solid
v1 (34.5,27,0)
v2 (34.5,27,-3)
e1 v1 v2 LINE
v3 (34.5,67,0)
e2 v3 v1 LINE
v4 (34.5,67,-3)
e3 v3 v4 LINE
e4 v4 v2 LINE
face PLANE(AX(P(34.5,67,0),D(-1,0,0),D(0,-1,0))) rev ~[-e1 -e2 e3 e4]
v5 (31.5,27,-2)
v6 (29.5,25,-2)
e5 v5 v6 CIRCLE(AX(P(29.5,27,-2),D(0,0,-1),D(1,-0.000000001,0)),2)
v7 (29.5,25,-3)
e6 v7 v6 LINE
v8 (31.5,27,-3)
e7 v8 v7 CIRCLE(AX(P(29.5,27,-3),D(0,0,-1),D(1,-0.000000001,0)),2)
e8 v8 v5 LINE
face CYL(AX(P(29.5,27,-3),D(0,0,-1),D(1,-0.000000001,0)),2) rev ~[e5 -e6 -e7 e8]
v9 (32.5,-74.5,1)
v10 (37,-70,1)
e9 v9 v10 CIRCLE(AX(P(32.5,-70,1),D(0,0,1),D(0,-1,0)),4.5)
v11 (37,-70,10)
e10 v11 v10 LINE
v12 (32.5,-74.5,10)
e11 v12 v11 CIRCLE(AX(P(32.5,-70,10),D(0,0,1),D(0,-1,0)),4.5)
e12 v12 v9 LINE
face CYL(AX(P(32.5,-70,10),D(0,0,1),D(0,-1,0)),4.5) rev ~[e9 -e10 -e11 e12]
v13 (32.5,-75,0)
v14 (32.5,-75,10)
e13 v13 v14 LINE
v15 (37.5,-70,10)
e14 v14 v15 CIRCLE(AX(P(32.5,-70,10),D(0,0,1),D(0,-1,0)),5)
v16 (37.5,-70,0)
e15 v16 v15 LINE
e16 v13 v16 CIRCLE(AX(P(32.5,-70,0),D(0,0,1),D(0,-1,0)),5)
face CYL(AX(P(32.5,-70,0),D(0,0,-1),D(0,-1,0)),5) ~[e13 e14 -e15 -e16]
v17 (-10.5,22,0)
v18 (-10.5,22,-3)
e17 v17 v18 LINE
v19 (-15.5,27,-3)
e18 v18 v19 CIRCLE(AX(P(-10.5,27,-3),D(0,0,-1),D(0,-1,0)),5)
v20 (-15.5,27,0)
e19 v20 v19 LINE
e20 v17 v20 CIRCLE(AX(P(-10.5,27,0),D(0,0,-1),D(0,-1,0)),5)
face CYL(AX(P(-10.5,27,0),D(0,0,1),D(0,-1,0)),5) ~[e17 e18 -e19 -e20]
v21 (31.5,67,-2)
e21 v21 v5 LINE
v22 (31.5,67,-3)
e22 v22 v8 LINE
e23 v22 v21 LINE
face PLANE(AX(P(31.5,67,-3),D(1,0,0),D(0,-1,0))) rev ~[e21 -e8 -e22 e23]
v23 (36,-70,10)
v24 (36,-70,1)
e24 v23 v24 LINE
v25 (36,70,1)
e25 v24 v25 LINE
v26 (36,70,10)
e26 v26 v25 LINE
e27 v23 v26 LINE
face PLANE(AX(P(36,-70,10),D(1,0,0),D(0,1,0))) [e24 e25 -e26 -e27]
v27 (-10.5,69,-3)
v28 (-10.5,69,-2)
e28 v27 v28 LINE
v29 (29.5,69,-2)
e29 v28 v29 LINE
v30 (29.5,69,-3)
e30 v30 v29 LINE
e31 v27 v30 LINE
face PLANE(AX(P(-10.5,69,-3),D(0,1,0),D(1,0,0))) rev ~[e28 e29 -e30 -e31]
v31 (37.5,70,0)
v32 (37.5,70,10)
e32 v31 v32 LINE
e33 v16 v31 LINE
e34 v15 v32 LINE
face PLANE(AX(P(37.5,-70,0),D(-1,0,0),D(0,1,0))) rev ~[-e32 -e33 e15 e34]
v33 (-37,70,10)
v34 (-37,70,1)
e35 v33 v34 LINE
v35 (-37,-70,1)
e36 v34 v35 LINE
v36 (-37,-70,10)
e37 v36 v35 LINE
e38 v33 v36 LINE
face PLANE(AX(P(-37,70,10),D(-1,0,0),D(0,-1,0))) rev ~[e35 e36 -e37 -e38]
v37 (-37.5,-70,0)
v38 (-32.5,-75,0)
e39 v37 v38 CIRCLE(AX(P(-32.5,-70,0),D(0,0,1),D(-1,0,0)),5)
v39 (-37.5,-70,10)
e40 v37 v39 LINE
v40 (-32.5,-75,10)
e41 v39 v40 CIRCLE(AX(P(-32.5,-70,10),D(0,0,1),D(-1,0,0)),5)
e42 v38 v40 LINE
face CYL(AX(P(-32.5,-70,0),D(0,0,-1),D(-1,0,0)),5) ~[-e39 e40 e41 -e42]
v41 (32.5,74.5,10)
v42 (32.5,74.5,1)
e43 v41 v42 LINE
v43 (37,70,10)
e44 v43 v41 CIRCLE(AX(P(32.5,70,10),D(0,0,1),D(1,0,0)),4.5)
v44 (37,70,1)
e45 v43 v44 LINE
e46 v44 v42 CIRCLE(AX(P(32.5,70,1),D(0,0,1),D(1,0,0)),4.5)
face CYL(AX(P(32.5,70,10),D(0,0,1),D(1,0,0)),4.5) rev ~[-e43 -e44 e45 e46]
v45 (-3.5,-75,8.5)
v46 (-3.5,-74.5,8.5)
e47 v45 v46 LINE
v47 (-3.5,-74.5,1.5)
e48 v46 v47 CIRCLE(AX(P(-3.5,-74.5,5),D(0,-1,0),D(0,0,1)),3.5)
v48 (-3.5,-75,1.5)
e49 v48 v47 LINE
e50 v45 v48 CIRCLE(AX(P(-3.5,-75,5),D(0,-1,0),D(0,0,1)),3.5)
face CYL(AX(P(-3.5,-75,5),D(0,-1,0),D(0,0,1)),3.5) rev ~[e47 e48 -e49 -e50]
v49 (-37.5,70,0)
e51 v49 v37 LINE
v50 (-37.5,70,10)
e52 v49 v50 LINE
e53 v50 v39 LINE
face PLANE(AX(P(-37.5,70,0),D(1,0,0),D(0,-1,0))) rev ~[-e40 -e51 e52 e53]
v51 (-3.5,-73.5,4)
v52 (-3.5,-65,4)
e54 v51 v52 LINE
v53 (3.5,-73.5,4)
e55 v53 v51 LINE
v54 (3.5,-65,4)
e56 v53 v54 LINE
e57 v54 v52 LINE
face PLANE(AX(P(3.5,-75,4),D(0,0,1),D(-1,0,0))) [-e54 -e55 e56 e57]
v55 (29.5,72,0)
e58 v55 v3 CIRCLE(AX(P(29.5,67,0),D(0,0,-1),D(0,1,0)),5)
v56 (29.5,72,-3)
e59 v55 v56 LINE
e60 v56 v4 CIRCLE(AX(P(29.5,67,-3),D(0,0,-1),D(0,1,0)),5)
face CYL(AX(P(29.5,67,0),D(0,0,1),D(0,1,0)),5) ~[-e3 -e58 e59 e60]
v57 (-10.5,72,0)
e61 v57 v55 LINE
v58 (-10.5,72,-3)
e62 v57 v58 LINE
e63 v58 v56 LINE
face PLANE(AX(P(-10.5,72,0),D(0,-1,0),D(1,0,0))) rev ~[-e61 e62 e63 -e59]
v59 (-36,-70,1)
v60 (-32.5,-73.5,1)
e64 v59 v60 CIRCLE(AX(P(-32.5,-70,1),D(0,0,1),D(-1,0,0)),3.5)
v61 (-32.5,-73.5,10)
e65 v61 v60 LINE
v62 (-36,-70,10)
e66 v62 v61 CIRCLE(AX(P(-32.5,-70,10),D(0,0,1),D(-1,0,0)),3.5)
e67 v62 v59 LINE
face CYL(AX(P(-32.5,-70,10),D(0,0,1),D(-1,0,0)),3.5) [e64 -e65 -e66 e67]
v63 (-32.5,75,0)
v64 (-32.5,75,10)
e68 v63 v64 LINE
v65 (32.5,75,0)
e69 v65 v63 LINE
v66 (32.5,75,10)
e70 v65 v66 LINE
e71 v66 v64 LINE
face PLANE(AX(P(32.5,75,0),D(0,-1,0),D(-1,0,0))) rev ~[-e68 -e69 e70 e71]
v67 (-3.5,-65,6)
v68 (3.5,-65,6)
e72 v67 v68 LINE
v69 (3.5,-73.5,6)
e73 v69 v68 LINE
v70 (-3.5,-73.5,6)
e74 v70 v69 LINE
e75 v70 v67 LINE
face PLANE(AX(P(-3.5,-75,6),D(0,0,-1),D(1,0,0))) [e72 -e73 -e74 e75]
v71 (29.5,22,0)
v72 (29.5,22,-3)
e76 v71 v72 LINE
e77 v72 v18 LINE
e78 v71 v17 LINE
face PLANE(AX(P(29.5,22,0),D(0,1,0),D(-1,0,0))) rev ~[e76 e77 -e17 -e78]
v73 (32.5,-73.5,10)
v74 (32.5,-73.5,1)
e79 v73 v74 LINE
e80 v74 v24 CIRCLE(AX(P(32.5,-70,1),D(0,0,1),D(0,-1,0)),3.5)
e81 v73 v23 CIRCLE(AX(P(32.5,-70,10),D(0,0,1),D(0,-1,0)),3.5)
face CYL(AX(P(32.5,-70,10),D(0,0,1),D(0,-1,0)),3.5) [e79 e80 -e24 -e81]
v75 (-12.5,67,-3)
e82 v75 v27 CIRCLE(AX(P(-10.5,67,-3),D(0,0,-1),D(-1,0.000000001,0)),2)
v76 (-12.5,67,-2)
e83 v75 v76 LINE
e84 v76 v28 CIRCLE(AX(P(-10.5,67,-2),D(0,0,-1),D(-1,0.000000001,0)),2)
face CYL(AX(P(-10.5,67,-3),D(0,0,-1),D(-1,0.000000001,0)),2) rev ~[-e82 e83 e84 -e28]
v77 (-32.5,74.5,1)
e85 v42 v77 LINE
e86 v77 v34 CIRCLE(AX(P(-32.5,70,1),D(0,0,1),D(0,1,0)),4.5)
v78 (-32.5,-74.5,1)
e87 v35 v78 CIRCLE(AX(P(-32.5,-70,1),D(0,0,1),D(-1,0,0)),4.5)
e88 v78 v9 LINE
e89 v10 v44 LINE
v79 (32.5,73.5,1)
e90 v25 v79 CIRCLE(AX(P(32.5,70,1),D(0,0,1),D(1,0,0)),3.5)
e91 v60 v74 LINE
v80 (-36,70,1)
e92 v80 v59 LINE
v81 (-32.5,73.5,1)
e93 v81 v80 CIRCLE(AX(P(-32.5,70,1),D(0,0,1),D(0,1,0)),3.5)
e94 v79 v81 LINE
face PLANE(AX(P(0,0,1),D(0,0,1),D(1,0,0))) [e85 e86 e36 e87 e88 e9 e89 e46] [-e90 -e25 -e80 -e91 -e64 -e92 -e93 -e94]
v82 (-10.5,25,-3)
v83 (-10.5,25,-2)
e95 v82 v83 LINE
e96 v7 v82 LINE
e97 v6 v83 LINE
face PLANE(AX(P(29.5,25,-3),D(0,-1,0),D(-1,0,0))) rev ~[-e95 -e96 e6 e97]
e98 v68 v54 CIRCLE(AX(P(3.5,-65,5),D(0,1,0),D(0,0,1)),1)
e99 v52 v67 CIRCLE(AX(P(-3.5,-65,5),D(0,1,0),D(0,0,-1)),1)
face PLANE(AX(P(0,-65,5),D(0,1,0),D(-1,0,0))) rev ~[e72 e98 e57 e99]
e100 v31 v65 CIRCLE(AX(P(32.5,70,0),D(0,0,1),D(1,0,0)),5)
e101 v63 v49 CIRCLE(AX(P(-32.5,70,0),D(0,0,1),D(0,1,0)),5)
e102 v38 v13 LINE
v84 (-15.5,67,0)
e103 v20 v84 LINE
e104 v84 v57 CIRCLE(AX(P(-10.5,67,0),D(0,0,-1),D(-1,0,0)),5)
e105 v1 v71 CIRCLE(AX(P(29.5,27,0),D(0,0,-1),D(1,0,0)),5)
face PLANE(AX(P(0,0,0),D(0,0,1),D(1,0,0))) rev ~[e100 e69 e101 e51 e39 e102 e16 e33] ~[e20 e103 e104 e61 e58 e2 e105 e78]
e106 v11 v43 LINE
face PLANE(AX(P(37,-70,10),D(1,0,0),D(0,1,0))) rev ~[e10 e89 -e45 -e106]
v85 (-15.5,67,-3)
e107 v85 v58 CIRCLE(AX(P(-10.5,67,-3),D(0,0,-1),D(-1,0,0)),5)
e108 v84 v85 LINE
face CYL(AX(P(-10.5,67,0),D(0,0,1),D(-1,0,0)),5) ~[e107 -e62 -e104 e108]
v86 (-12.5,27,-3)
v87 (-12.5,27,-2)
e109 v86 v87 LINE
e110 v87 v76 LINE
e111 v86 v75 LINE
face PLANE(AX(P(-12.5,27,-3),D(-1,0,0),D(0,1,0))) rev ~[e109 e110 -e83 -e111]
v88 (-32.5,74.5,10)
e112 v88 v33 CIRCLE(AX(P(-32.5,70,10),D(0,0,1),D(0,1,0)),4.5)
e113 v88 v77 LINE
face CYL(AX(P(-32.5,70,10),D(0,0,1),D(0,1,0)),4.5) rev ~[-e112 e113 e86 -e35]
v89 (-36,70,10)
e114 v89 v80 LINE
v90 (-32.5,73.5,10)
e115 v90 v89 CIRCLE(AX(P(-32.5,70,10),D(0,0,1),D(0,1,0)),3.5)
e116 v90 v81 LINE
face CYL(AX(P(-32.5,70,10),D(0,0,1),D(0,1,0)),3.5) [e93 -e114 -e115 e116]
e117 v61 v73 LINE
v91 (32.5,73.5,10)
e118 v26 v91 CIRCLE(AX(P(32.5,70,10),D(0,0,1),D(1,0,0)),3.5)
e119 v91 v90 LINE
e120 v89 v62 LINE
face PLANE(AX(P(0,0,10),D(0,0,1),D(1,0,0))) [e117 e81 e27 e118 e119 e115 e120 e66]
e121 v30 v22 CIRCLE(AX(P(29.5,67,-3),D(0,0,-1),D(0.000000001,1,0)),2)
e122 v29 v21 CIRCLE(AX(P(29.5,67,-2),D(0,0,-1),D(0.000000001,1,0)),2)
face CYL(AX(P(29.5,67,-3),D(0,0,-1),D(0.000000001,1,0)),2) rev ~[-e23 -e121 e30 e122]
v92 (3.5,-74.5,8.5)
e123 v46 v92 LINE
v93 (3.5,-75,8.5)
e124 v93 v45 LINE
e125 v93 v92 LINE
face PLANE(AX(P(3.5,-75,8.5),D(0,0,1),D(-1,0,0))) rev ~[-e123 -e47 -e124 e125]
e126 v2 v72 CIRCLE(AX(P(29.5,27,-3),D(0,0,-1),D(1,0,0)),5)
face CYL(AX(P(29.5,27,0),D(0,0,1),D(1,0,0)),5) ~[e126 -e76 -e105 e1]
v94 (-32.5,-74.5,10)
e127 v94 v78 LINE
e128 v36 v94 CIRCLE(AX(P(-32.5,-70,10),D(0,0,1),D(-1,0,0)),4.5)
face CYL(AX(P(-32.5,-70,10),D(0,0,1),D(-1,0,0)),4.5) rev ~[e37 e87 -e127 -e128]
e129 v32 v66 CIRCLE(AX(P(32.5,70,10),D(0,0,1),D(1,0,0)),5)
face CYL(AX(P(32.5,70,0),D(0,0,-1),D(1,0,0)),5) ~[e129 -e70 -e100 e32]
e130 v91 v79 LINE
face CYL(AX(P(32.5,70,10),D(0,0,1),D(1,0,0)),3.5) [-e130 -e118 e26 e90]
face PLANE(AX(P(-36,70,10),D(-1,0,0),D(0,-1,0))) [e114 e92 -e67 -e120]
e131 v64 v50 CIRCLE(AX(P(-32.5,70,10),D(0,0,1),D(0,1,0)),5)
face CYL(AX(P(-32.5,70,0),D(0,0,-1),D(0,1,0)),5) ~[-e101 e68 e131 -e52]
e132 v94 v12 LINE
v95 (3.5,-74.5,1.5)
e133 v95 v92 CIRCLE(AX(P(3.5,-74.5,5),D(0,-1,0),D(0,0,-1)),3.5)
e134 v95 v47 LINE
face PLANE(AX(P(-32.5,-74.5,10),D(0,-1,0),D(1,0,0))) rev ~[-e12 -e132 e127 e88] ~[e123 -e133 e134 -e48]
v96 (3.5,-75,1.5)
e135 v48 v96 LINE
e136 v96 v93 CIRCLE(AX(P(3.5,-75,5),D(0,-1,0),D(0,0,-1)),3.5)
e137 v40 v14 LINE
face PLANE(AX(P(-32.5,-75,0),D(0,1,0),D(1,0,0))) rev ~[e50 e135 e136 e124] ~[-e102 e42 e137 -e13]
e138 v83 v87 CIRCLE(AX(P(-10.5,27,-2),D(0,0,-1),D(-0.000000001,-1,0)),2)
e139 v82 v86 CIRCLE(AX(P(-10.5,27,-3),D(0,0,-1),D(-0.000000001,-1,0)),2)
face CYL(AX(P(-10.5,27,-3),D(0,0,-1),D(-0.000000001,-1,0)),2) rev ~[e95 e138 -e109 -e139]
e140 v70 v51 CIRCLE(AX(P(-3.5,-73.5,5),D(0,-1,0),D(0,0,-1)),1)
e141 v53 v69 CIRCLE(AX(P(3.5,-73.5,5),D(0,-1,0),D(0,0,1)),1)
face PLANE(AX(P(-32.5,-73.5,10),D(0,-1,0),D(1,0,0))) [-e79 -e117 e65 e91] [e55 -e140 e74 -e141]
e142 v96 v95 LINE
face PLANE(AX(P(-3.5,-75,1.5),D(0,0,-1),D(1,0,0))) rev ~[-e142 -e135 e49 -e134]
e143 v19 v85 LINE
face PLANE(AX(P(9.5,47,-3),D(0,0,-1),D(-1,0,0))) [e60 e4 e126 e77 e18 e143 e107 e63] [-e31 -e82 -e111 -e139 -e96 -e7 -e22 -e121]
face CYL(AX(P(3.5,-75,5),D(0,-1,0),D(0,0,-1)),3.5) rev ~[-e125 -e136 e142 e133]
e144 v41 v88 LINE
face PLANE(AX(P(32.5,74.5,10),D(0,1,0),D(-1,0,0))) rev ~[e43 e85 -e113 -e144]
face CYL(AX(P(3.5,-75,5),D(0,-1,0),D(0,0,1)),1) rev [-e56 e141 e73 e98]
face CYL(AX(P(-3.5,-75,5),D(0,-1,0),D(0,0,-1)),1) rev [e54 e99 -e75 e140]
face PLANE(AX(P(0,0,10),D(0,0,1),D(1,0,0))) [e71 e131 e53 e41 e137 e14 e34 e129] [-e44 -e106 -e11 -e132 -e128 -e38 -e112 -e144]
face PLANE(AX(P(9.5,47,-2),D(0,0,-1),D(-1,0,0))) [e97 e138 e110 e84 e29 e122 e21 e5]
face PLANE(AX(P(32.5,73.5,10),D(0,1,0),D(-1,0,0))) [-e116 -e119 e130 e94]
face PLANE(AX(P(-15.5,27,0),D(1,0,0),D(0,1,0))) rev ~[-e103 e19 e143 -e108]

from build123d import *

# Parameters (mm, degrees)
EXTRUDE_1_DEPTH       = 10
EXTRUDE_2_DEPTH       = 3
CUT_EXTRUDE_1_DEPTH   = 1
CUT_EXTRUDE_1_2_DEPTH = 9
CUT_EXTRUDE_2_DEPTH   = 10
CUT_EXTRUDE_3_REACH   = 156.94


with BuildPart() as part:
    # 草图1 → 凸台-拉伸1 (new body)
    with BuildSketch(Plane.XY):
        with BuildLine():
            Line((-32.5, -75), (32.5, -75))
            ThreePointArc((32.5, -75), (36.035533906, -73.535533906), (37.5, -70))
            Line((37.5, -70), (37.5, 70))
            ThreePointArc((37.5, 70), (36.035533906, 73.535533906), (32.5, 75))
            Line((32.5, 75), (-32.5, 75))
            ThreePointArc((-32.5, 75), (-36.035533906, 73.535533906), (-37.5, 70))
            Line((-37.5, 70), (-37.5, -70))
            ThreePointArc((-37.5, -70), (-36.035533906, -73.535533906), (-32.5, -75))
        make_face()
    extrude(amount=EXTRUDE_1_DEPTH)

    # 草图2 → 凸台-拉伸2 (add)
    with BuildSketch(Plane(origin=(0, 0, 0), x_dir=(-1, 0, 0), z_dir=(0, 0, -1))):
        with BuildLine():
            Line((-29.5, 22), (10.5, 22))
            ThreePointArc((10.5, 22), (14.035533906, 23.464466094), (15.5, 27))
            Line((15.5, 27), (15.5, 67))
            ThreePointArc((15.5, 67), (14.035533906, 70.535533906), (10.5, 72))
            Line((10.5, 72), (-29.5, 72))
            ThreePointArc((-29.5, 72), (-33.035533906, 70.535533906), (-34.5, 67))
            Line((-34.5, 67), (-34.5, 27))
            ThreePointArc((-34.5, 27), (-33.035533906, 23.464466094), (-29.5, 22))
        make_face()
    extrude(amount=EXTRUDE_2_DEPTH)

    # 草图3 → Cut-Extrude 1 (cut)
    with BuildSketch(Plane(origin=(0, 0, -3), x_dir=(-1, 0, 0), z_dir=(0, 0, -1))):
        with BuildLine():
            Line((12.5, 27), (12.5, 67))
            ThreePointArc((12.5, 67), (11.914213562, 68.414213562), (10.5, 69))
            Line((10.5, 69), (-29.5, 69))
            ThreePointArc((-29.5, 69), (-30.914213562, 68.414213562), (-31.5, 67))
            Line((-31.5, 67), (-31.5, 27))
            ThreePointArc((-31.5, 27), (-30.914213562, 25.585786438), (-29.5, 25))
            Line((-29.5, 25), (10.5, 25))
            ThreePointArc((10.5, 25), (11.914213562, 25.585786438), (12.5, 27))
        make_face()
    extrude(amount=-CUT_EXTRUDE_1_DEPTH, mode=Mode.SUBTRACT)

    # 草图5 → Cut-Extrude 1 2 (cut)
    with BuildSketch(Plane.XY.offset(10)):
        with BuildLine():
            Line((-32.5, -74.5), (32.5, -74.5))
            ThreePointArc((32.5, -74.5), (35.681980515, -73.181980515), (37, -70))
            Line((37, -70), (37, 70))
            ThreePointArc((37, 70), (35.681980515, 73.181980515), (32.5, 74.5))
            Line((32.5, 74.5), (-32.5, 74.5))
            ThreePointArc((-32.5, 74.5), (-35.681980515, 73.181980515), (-37, 70))
            Line((-37, 70), (-37, -70))
            ThreePointArc((-37, -70), (-35.681980515, -73.181980515), (-32.5, -74.5))
        make_face()
        with BuildLine():
            Line((-32.5, -73.5), (32.5, -73.5))
            ThreePointArc((32.5, -73.5), (34.974873734, -72.474873734), (36, -70))
            Line((36, -70), (36, 70))
            ThreePointArc((36, 70), (34.974873734, 72.474873734), (32.5, 73.5))
            Line((32.5, 73.5), (-32.5, 73.5))
            ThreePointArc((-32.5, 73.5), (-34.974873734, 72.474873734), (-36, 70))
            Line((-36, 70), (-36, -70))
            ThreePointArc((-36, -70), (-34.974873734, -72.474873734), (-32.5, -73.5))
        make_face(mode=Mode.SUBTRACT)
    extrude(amount=-CUT_EXTRUDE_1_2_DEPTH, mode=Mode.SUBTRACT)

    # 草图6 → 切除-拉伸2 (cut)
    with BuildSketch(Plane.XZ.offset(75)):
        with BuildLine():
            Line((-3.5, 6), (3.5, 6))
            ThreePointArc((3.5, 6), (4.5, 5), (3.5, 4))
            Line((3.5, 4), (-3.5, 4))
            ThreePointArc((-3.5, 4), (-4.5, 5), (-3.5, 6))
        make_face()
    extrude(amount=-CUT_EXTRUDE_2_DEPTH, mode=Mode.SUBTRACT)

    # 草图7 → 切除-拉伸3 (cut, up to next)
    with BuildSketch(Plane.XZ.offset(75), mode=Mode.PRIVATE) as cut_extrude_3_sk1:
        with BuildLine():
            Line((-3.5, 1.5), (3.5, 1.5))
            ThreePointArc((3.5, 1.5), (7, 5), (3.5, 8.5))
            Line((3.5, 8.5), (-3.5, 8.5))
            ThreePointArc((-3.5, 8.5), (-7, 5), (-3.5, 1.5))
        make_face()
    cut_extrude_3_tool1 = extrude(cut_extrude_3_sk1.sketch, amount=-CUT_EXTRUDE_3_REACH, mode=Mode.PRIVATE) & part.part
    add(cut_extrude_3_tool1.solids().sort_by_distance((0, -75, 5))[0], mode=Mode.SUBTRACT)


solid = part.part
